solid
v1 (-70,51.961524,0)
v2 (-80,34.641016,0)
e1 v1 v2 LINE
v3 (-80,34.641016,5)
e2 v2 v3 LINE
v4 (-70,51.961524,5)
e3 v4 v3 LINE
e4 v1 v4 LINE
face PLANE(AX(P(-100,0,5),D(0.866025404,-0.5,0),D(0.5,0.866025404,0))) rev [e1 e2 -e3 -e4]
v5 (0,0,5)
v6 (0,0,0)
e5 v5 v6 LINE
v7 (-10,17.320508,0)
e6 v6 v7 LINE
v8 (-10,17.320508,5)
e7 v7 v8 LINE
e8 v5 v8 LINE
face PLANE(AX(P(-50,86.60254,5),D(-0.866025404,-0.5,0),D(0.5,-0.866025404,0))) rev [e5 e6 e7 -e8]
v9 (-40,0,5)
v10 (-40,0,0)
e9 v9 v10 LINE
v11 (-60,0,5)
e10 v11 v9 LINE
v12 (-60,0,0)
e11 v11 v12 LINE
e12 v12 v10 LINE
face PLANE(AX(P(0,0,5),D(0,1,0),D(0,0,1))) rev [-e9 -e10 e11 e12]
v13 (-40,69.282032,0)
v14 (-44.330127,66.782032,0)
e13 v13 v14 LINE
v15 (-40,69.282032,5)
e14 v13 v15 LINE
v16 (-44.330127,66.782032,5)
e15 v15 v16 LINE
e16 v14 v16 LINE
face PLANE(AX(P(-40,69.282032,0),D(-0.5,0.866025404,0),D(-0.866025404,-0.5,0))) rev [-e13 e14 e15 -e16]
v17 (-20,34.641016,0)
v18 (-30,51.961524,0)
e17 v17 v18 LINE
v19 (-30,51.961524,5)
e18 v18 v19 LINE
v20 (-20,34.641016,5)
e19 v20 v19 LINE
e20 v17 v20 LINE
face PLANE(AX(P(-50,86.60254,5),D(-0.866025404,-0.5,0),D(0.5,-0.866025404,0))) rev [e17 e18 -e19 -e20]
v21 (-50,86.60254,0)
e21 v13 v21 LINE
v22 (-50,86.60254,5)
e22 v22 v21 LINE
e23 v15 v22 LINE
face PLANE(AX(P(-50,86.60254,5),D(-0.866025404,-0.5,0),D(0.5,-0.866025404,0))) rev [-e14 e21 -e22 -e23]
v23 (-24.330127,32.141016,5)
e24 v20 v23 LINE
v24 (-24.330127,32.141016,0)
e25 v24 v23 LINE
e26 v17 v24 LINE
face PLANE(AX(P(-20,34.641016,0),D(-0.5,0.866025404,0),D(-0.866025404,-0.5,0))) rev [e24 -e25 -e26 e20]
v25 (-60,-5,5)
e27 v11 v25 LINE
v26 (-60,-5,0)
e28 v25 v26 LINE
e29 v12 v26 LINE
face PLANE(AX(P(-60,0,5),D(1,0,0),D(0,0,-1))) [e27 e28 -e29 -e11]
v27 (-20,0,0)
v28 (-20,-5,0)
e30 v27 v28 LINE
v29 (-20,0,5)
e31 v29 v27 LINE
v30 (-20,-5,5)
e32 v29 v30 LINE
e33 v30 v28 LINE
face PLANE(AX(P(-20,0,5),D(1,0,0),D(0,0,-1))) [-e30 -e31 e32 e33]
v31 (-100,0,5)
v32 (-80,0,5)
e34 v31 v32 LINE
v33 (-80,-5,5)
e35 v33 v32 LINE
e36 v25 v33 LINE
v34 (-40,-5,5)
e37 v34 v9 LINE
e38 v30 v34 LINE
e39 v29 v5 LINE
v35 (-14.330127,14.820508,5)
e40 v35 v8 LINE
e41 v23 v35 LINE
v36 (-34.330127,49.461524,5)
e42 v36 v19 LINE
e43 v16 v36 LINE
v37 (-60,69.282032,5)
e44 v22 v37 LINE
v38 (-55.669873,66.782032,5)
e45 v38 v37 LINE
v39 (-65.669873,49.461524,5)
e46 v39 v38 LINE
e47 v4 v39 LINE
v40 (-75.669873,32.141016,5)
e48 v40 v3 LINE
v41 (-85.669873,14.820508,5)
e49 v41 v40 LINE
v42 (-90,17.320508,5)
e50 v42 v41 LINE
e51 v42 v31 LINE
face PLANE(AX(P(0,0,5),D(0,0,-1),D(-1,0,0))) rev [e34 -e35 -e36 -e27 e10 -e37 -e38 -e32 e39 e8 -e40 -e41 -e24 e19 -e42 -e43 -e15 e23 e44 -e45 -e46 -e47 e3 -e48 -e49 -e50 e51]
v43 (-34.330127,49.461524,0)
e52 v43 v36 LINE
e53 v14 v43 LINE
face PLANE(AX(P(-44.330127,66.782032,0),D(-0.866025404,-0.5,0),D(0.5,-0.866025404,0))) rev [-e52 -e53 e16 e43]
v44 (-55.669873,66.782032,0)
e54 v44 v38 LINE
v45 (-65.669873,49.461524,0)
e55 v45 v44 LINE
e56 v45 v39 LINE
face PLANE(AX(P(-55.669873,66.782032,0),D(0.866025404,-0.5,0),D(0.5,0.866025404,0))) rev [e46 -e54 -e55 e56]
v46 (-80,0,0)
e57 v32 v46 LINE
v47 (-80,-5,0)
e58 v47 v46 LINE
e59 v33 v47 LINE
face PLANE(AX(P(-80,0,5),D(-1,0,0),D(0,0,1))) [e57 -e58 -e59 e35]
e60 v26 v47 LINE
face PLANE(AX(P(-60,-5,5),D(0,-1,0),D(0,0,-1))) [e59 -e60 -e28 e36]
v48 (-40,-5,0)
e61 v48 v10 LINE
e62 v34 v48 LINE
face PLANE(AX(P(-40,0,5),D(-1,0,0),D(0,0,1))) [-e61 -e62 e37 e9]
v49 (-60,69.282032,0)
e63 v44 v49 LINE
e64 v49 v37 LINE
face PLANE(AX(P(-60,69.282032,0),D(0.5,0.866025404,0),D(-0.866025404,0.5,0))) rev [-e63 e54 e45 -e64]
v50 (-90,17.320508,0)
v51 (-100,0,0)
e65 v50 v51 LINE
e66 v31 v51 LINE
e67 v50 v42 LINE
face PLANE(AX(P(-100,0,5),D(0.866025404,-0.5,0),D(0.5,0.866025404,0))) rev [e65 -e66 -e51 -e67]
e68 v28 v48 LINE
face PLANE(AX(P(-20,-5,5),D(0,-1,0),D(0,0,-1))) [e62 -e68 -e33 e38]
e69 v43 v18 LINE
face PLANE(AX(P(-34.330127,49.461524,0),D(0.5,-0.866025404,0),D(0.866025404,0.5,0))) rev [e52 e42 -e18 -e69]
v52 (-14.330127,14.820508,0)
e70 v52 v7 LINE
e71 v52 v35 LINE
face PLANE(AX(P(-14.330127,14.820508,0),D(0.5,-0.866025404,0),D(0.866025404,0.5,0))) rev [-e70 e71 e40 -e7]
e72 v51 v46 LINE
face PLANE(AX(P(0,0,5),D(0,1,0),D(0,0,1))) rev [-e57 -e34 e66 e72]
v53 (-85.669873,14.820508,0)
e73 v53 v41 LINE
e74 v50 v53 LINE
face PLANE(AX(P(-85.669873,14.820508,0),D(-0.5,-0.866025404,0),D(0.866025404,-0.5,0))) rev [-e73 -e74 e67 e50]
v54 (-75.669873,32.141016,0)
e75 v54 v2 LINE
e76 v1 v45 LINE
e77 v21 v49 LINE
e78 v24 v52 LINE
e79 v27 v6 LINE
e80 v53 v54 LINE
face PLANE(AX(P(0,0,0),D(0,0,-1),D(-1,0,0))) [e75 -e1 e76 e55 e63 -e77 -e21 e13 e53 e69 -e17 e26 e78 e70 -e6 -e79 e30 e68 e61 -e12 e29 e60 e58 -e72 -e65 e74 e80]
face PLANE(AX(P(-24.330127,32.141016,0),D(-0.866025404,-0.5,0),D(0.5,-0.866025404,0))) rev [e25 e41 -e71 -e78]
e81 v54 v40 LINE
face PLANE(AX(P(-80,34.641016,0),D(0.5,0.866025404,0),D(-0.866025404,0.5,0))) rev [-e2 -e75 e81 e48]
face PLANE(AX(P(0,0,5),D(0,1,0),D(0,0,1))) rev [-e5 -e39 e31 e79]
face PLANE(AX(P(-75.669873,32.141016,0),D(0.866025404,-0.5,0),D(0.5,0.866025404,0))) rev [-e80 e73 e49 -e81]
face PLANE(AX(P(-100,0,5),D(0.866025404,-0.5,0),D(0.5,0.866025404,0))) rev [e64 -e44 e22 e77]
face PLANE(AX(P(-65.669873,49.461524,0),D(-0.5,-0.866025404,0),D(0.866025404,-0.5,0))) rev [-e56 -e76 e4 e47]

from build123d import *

# Parameters (mm, degrees)
BOSS_EXTRU_1_DEPTH      = 5
ESQUISSE2_W             = 20
ESQUISSE2_H             = 5
BOSS_EXTRU_2_DEPTH      = 5
ENL_V_MAT_EXTRU_1_DEPTH = 133.382022949


with BuildPart() as part:
    # Esquisse1 → Boss.-Extru.1 (new body)
    with BuildSketch(Plane.XY):
        Polygon((0, 0), (-100, 0), (-50, 86.602540378), align=None)
    extrude(amount=BOSS_EXTRU_1_DEPTH)

    # Esquisse2 → Boss.-Extru.2 (add)
    with BuildSketch(Plane(origin=(0, 0, 0), x_dir=(-1, 0, 0), z_dir=(0, 0, -1))):
        with Locations((30, -2.5)):
            Rectangle(ESQUISSE2_W, ESQUISSE2_H)
        with Locations((70, -2.5)):
            Rectangle(ESQUISSE2_W, ESQUISSE2_H)
    extrude(amount=-BOSS_EXTRU_2_DEPTH)

    # Esquisse3 → Enlèv. mat.-Extru.1 (cut, through all)
    with BuildSketch(Plane.XY.offset(5)):
        Polygon((-60, 69.282032303), (-55.669872981, 66.782032303), (-65.669872981, 49.461524227), (-70, 51.961524227), align=None)
        Polygon((-80, 34.641016151), (-75.669872981, 32.141016151), (-85.669872981, 14.820508076), (-90, 17.320508076), align=None)
        Polygon((-10, 17.320508076), (-20, 34.641016151), (-24.330127019, 32.141016151), (-14.330127019, 14.820508076), align=None)
        Polygon((-30, 51.961524227), (-40, 69.282032303), (-44.330127019, 66.782032303), (-34.330127019, 49.461524227), align=None)
    extrude(amount=-ENL_V_MAT_EXTRU_1_DEPTH, mode=Mode.SUBTRACT)


solid = part.part
